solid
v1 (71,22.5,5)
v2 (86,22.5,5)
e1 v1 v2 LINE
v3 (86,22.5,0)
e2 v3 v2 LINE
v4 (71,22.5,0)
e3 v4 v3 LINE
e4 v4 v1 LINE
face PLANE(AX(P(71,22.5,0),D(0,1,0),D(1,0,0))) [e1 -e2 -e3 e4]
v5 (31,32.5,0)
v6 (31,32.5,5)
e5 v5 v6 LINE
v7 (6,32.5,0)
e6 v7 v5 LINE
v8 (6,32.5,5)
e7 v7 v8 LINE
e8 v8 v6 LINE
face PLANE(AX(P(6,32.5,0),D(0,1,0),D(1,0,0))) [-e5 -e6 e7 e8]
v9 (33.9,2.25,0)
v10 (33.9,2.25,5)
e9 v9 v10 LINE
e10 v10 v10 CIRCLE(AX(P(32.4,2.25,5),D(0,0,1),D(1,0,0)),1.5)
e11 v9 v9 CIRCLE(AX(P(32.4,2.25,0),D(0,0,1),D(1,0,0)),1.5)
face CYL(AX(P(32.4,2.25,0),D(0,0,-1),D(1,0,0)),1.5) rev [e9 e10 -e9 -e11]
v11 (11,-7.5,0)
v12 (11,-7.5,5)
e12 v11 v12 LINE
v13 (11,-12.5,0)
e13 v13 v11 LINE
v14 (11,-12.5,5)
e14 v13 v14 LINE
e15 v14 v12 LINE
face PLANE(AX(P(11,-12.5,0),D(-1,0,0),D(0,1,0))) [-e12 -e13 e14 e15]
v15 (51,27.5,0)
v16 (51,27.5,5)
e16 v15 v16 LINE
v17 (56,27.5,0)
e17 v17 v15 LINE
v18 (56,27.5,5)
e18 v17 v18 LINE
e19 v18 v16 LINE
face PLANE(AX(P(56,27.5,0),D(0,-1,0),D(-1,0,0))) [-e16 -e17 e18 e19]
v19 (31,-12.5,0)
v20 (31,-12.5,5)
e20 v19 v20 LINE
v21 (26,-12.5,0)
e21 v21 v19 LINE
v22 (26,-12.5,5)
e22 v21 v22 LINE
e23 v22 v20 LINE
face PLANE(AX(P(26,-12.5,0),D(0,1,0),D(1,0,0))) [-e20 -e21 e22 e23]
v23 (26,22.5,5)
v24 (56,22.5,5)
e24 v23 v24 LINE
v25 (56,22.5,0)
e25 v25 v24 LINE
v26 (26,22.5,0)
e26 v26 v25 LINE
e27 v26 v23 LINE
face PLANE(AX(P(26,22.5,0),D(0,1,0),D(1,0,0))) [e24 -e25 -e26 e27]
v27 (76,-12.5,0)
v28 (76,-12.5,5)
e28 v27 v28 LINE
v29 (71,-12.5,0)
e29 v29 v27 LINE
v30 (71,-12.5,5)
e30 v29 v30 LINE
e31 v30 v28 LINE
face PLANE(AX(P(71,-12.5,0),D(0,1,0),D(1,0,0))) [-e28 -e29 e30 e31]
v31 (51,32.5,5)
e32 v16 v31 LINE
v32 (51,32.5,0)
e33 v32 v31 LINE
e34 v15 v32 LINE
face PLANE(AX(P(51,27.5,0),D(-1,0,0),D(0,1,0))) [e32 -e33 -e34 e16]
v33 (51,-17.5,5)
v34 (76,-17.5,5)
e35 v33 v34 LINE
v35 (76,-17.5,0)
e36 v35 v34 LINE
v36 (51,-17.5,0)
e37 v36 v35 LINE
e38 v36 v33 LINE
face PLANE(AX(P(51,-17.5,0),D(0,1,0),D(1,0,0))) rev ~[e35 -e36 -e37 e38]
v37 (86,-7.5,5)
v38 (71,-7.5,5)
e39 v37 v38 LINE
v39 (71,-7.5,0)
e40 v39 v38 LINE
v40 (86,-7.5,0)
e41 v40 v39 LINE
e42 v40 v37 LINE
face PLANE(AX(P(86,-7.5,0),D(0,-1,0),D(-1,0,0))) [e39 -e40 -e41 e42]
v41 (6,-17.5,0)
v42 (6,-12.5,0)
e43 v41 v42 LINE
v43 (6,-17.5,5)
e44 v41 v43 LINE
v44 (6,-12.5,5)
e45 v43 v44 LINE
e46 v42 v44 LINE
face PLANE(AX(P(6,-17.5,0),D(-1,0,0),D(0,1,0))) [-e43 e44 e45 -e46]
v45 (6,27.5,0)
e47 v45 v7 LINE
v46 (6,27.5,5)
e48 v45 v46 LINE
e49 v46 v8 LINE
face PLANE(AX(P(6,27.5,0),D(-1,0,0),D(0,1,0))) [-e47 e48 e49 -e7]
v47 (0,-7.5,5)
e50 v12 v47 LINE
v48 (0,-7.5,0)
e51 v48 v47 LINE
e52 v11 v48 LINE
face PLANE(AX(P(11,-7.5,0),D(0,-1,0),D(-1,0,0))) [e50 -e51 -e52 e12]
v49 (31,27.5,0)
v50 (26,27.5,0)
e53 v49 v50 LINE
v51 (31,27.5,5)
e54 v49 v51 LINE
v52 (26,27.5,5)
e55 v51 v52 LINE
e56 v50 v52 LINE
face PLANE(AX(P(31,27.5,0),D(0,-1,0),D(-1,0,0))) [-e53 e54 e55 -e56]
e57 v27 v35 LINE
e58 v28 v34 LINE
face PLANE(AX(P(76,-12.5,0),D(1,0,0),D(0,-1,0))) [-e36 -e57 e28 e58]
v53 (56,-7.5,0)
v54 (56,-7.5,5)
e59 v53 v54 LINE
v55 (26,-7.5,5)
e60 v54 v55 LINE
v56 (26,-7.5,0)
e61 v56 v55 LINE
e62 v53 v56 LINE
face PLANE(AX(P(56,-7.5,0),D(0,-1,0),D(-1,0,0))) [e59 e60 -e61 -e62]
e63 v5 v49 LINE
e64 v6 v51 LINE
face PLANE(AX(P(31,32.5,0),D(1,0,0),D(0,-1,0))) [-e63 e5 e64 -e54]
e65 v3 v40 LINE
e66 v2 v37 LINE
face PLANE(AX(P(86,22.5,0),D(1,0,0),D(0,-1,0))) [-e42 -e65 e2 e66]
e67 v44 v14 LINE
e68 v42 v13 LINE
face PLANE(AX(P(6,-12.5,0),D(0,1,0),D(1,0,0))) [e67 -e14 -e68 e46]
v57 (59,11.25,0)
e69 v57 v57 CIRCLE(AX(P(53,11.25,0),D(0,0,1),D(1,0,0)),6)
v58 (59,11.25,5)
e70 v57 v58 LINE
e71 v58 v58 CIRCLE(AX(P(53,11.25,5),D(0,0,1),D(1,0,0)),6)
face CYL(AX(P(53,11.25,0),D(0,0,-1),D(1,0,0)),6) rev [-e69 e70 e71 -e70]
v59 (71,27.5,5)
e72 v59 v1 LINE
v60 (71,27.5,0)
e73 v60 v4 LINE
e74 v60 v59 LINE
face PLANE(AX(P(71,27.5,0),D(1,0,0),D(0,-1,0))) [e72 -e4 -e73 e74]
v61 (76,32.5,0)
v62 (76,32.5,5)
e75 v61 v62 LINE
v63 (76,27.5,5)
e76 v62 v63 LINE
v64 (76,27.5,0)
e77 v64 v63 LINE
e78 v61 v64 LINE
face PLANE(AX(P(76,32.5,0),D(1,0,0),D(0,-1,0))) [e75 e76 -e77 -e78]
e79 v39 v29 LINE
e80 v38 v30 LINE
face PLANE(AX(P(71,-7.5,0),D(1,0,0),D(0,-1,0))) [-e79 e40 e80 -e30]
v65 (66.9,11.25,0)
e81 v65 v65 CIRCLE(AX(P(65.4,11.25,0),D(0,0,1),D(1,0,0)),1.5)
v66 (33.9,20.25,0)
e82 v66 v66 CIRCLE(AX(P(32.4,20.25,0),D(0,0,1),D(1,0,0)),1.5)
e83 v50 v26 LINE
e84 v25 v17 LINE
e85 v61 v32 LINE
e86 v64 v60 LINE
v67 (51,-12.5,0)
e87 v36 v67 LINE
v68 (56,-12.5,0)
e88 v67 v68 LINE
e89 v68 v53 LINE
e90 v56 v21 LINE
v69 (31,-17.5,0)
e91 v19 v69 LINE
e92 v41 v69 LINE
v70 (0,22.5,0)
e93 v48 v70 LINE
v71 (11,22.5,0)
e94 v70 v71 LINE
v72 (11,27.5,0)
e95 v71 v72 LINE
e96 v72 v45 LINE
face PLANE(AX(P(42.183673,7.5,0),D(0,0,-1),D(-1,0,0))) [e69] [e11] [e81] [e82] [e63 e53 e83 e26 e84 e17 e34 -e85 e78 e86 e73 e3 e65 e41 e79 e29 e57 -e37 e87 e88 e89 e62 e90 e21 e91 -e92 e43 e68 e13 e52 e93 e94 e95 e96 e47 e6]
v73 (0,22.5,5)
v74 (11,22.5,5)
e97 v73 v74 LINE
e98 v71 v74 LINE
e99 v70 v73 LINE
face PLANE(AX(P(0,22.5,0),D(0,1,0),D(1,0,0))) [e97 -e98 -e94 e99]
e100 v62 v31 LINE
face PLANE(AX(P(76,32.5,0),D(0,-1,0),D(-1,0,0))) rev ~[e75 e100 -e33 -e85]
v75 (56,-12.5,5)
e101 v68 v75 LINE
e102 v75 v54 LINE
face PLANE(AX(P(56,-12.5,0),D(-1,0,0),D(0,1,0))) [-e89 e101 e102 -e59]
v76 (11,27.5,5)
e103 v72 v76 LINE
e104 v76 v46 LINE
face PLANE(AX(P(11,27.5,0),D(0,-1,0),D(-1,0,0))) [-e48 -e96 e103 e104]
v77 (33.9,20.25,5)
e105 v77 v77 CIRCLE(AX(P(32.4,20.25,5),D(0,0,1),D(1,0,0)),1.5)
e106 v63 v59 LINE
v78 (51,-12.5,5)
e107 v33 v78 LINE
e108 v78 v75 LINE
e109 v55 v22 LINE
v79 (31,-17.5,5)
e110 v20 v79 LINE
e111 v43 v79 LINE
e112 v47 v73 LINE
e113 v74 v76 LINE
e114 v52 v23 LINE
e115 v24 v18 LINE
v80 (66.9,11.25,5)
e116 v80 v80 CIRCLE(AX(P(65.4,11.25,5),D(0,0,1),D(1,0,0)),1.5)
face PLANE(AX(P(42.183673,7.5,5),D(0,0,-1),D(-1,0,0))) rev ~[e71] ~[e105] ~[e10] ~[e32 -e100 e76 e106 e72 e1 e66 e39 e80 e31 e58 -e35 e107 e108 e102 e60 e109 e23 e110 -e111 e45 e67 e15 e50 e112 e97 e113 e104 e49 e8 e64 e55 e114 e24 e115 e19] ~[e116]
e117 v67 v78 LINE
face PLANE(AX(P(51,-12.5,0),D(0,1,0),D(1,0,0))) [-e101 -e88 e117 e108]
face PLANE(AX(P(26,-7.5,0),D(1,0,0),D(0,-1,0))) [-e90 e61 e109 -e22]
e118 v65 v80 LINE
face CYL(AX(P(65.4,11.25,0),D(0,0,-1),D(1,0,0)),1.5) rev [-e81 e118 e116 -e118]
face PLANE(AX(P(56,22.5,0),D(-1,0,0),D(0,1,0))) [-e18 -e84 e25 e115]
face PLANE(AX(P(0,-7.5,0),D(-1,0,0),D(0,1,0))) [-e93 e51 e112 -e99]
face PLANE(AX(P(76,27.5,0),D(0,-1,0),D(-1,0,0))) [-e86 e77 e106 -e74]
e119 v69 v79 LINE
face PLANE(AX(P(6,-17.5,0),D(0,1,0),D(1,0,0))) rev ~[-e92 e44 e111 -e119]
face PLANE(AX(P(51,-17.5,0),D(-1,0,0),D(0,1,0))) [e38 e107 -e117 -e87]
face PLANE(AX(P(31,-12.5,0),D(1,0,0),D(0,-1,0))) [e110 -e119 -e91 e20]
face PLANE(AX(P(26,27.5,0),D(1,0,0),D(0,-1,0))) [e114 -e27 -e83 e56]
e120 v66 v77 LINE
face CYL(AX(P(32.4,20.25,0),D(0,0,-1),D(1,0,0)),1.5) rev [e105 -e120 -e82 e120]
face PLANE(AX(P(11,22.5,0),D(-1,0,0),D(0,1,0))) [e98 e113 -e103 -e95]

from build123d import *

# Parameters (mm, degrees)
SKETCH1_R           = 1.5
SKETCH1_R_2         = 6
BOSS_EXTRUDE1_DEPTH = 5


with BuildPart() as part:
    # Sketch1 → Boss-Extrude1 (new body)
    with BuildSketch(Plane.XY):
        Polygon((11, 27.5), (6, 27.5), (6, 32.5), (31, 32.5), (31, 27.5), (26, 27.5), (26, 22.5), (56, 22.5), (56, 27.5), (51, 27.5), (51, 32.5), (56, 32.5), (71, 32.5), (76, 32.5), (76, 27.5), (71, 27.5), (71, 22.5), (86, 22.5), (86, -7.5), (71, -7.5), (71, -12.5), (76, -12.5), (76, -17.5), (71, -17.5), (56, -17.5), (51, -17.5), (51, -12.5), (56, -12.5), (56, -7.5), (26, -7.5), (26, -12.5), (31, -12.5), (31, -17.5), (26, -17.5), (11, -17.5), (6, -17.5), (6, -12.5), (11, -12.5), (11, -7.5), (0, -7.5), (0, 22.5), (11, 22.5), align=None)
        with Locations((32.4, 20.25)):
            Circle(SKETCH1_R, mode=Mode.SUBTRACT)
        with Locations((32.4, 2.25)):
            Circle(SKETCH1_R, mode=Mode.SUBTRACT)
        with Locations((53, 11.25)):
            Circle(SKETCH1_R_2, mode=Mode.SUBTRACT)
        with Locations((65.4, 11.25)):
            Circle(SKETCH1_R, mode=Mode.SUBTRACT)
    extrude(amount=BOSS_EXTRUDE1_DEPTH)


solid = part.part
